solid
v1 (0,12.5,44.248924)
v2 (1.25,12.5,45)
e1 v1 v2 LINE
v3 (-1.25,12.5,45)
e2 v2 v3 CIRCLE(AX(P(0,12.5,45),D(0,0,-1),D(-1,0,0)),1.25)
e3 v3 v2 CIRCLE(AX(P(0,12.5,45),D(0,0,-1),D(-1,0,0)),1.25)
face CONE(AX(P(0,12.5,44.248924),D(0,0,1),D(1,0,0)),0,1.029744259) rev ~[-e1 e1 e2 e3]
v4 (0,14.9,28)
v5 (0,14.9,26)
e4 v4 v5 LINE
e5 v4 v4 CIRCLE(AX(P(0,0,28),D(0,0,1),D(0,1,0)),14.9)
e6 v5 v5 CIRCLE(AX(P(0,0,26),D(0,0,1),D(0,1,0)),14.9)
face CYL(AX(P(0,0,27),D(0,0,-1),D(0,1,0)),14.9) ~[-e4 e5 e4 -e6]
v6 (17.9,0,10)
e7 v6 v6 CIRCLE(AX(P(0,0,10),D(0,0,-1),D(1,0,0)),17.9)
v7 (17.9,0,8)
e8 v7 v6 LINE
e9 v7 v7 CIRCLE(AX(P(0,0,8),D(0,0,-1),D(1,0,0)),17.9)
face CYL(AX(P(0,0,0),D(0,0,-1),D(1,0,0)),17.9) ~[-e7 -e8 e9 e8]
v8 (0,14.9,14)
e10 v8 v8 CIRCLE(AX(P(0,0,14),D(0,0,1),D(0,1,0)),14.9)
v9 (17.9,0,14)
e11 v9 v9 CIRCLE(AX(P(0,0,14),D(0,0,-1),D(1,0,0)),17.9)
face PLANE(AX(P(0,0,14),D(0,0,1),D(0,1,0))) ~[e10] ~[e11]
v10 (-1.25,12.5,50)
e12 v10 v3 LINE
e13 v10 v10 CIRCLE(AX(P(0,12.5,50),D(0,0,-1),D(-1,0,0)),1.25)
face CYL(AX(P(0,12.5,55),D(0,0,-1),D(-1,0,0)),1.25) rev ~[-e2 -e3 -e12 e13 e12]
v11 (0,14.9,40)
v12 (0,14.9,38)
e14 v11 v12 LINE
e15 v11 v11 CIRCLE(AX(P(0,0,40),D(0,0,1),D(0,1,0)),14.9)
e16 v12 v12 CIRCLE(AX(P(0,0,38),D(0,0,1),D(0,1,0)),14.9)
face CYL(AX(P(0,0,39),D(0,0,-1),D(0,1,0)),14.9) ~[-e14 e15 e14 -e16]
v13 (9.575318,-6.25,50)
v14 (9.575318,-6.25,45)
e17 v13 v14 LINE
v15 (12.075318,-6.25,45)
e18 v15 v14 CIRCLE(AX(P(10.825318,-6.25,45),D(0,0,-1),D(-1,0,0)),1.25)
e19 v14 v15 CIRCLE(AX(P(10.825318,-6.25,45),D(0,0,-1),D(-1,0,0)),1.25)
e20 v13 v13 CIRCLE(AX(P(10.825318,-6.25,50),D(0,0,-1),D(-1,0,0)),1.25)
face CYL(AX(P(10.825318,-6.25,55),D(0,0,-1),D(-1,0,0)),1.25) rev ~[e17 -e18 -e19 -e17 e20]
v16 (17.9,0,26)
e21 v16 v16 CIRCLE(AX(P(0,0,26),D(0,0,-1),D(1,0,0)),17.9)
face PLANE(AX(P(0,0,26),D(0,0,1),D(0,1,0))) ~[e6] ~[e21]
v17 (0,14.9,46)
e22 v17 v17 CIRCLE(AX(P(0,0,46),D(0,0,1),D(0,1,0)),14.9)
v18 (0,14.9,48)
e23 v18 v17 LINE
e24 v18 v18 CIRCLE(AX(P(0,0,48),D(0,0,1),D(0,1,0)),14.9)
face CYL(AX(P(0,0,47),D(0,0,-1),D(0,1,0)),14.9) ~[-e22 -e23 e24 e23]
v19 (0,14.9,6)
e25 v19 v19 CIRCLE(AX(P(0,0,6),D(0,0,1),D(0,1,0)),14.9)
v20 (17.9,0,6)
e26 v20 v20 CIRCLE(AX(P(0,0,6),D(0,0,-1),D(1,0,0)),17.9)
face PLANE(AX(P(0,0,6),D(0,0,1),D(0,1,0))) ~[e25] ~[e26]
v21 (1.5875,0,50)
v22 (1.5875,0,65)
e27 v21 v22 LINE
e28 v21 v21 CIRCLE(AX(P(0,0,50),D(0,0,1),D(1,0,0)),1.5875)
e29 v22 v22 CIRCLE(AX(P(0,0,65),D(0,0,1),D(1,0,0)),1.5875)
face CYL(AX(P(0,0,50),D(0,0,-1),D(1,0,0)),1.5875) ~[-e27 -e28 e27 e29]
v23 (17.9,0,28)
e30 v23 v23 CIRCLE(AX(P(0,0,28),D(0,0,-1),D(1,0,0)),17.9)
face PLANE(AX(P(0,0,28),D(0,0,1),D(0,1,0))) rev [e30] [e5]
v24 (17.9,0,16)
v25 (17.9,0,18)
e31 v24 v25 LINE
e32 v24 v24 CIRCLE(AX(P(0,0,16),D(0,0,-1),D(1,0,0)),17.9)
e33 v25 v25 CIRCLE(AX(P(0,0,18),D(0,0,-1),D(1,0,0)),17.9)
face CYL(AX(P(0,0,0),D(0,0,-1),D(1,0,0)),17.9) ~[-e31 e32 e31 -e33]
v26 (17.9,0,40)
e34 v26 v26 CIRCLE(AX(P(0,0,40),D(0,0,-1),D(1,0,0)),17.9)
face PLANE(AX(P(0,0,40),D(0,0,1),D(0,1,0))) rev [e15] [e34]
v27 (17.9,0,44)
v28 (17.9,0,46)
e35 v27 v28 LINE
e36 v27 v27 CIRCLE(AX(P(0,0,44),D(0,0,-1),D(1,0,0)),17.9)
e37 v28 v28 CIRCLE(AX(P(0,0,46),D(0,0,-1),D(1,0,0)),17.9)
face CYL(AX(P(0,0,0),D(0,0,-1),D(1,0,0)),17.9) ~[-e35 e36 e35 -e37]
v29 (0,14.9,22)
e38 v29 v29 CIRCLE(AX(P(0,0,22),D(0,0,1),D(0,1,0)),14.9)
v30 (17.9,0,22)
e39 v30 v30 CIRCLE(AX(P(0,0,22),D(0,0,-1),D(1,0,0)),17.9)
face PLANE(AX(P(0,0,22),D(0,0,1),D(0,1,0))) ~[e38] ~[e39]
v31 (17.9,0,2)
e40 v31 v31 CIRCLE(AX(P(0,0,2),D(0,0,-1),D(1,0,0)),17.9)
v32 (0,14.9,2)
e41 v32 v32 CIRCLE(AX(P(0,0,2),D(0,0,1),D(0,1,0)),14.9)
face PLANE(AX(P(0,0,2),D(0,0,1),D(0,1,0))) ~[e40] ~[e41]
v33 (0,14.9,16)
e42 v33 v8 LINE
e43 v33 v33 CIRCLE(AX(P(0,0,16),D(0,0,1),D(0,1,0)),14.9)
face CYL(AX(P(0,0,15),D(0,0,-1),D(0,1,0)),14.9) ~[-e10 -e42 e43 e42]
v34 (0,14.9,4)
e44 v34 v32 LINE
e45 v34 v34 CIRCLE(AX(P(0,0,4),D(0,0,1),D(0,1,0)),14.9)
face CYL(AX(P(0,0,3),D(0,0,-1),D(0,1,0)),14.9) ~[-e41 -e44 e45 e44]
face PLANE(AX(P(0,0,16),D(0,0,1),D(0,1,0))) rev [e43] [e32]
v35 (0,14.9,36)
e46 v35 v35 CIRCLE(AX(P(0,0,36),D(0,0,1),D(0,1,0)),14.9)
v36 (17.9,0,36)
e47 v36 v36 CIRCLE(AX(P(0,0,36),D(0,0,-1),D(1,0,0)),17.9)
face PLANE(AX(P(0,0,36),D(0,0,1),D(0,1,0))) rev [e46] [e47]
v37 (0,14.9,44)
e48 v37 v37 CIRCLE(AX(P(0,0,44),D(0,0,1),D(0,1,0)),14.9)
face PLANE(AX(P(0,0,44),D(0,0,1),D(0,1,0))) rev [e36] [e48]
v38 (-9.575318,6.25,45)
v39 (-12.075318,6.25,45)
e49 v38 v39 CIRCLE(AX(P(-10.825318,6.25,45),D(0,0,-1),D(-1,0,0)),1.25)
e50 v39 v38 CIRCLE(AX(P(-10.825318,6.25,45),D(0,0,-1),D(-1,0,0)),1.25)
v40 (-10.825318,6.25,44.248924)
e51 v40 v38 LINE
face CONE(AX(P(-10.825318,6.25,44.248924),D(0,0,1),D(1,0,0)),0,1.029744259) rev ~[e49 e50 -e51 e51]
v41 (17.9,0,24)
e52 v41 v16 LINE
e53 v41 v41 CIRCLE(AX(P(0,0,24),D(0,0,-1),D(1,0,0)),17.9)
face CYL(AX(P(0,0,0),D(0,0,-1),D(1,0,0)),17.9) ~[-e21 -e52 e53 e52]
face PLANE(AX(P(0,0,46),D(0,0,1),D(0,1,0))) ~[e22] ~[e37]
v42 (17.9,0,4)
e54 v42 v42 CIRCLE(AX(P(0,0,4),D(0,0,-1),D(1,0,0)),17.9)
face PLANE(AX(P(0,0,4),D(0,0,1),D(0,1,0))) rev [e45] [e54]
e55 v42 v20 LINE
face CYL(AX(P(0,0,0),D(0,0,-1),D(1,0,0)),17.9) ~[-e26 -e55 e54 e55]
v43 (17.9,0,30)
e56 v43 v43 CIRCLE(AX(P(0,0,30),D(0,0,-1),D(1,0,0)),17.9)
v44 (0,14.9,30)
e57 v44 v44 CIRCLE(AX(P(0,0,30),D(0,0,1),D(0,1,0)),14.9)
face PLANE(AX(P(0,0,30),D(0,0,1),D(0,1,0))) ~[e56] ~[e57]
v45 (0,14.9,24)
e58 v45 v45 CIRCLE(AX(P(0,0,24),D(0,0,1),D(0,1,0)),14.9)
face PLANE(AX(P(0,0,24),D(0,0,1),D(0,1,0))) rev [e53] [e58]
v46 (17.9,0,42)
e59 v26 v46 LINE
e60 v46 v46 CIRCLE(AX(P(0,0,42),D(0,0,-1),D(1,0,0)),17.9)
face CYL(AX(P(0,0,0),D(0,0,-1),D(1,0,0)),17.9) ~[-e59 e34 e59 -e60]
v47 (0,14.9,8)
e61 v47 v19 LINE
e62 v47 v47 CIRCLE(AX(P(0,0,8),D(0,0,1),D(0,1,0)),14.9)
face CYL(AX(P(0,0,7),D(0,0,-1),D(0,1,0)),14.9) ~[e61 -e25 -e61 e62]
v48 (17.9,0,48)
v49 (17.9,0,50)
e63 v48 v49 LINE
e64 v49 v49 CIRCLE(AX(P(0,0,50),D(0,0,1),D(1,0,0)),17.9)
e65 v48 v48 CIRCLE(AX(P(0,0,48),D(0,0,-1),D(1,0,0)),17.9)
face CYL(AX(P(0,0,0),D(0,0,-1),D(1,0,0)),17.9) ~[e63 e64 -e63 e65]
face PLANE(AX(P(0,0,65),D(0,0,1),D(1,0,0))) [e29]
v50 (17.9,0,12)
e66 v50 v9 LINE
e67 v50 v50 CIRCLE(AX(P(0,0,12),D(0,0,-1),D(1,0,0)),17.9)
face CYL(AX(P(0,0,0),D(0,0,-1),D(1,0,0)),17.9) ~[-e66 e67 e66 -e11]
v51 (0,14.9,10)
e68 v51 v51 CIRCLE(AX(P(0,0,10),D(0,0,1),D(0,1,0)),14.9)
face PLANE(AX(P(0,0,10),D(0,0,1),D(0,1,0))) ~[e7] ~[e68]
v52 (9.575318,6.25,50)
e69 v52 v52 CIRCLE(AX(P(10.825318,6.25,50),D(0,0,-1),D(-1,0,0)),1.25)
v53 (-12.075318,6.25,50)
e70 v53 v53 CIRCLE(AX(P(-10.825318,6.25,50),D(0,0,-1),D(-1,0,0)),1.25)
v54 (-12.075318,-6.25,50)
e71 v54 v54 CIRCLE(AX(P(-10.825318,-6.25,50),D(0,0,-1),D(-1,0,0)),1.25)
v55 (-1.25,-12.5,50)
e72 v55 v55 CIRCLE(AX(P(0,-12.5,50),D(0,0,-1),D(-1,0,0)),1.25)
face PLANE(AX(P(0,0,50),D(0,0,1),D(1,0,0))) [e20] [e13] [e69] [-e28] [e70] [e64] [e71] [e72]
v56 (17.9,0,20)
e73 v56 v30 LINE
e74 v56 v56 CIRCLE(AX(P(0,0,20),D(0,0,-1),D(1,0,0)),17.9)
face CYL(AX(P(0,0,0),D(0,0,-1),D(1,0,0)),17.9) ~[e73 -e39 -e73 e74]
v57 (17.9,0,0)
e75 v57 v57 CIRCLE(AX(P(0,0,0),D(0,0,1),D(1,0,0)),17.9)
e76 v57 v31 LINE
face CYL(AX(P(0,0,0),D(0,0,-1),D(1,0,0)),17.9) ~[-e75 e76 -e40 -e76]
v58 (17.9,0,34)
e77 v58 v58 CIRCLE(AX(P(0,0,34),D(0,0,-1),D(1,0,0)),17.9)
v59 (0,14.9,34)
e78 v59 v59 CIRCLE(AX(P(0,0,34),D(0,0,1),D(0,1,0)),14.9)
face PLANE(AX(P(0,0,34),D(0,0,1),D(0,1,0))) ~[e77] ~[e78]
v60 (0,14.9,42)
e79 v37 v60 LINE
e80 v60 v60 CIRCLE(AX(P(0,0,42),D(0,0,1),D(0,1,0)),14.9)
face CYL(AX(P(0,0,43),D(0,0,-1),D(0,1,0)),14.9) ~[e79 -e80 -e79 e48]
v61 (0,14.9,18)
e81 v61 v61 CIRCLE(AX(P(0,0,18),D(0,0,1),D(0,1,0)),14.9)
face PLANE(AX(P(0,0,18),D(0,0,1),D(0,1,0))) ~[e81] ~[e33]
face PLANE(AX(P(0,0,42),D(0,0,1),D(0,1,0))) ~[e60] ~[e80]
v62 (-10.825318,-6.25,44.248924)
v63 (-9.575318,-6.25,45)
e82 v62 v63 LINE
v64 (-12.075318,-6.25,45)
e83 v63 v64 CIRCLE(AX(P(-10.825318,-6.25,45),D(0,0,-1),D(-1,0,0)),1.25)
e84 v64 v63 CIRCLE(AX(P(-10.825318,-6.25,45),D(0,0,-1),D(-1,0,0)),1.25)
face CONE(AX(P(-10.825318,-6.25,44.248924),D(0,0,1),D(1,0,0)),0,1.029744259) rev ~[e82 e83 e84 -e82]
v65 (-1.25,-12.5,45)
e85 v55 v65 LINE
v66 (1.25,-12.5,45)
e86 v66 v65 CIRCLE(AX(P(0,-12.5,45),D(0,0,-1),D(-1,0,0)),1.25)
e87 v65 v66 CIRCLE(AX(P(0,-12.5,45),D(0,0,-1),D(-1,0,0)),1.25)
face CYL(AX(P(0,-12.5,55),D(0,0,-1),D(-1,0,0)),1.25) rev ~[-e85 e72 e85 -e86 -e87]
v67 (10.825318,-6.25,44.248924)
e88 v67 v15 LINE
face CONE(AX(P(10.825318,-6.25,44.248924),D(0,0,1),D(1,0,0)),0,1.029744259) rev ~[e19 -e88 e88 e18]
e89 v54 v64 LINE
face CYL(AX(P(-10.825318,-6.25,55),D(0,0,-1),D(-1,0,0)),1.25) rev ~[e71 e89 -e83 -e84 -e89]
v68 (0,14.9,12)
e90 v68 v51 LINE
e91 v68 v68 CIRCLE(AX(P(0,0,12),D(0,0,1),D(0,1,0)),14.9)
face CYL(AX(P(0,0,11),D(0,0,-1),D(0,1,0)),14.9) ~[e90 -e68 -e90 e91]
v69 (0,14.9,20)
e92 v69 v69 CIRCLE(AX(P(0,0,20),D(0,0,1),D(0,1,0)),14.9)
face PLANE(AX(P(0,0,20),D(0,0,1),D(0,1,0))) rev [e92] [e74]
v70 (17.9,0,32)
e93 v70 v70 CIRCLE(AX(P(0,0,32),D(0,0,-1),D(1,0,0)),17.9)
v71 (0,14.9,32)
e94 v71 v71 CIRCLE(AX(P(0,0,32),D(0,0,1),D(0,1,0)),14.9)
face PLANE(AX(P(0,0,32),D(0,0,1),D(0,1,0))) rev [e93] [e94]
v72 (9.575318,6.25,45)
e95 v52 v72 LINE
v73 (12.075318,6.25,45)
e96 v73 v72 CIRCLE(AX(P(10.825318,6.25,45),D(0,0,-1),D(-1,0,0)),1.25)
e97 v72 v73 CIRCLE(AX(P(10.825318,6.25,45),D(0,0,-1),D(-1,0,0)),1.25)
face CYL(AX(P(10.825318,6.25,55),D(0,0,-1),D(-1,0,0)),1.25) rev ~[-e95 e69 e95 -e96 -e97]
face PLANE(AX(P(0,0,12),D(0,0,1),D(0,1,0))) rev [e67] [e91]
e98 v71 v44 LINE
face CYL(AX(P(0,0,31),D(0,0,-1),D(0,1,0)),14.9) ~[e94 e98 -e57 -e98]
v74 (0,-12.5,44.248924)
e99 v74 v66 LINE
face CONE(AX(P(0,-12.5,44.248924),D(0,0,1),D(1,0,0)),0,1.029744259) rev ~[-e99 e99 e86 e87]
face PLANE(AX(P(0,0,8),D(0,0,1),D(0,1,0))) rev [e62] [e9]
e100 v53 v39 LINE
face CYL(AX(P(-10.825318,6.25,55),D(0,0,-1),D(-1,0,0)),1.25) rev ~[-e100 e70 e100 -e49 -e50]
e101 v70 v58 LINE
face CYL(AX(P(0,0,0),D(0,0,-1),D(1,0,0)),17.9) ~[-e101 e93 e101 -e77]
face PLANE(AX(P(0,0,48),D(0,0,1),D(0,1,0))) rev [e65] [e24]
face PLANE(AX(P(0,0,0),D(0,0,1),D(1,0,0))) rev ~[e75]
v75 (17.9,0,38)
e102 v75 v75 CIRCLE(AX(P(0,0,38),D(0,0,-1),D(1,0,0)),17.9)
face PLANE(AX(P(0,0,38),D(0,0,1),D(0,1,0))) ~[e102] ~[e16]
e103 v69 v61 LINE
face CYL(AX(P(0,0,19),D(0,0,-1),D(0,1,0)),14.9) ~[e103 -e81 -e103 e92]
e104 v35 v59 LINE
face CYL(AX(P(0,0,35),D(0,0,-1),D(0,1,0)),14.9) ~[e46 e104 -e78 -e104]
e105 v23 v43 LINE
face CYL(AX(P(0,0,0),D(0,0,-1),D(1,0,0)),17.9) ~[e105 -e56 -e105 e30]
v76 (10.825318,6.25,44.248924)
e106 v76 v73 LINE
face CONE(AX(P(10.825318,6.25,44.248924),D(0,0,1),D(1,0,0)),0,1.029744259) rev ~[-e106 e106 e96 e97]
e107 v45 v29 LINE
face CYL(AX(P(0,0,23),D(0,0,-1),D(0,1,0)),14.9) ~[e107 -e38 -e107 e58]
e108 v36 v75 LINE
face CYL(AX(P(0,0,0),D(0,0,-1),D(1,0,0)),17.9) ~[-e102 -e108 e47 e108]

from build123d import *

# Parameters (mm, degrees)
SKETCH1_R                   = 17.9
BOSS_EXTRUDE1_DEPTH         = 50
BOSS_EXTRUDE2_START         = 50
SKETCH1_3_R                 = 1.5875
BOSS_EXTRUDE2_DEPTH         = 15
TAP_DRILL_FOR_M3_TAP1_D     = 2.5
TAP_DRILL_FOR_M3_TAP1_DEPTH = 5
TAP_DRILL_FOR_M3_TAP1_TIP   = 0.751075774
SKETCH6_W                   = 2
SKETCH6_H                   = 3


with BuildPart() as part:
    # Sketch1 → Boss-Extrude1 (new body)
    with BuildSketch(Plane.XY):
        Circle(SKETCH1_R)
    extrude(amount=BOSS_EXTRUDE1_DEPTH)

    # Sketch1<3> → Boss-Extrude2 (add)
    with BuildSketch(Plane.XY.offset(BOSS_EXTRUDE2_START)):
        Circle(SKETCH1_3_R)
    extrude(amount=BOSS_EXTRUDE2_DEPTH)

    # Tap Drill for M3 Tap1
    with Locations(Plane.XY.offset(50)):
        with Locations((0, 12.5), (10.825317547, 6.25), (10.825317547, -6.25), (0, -12.5), (-10.825317547, -6.25), (-10.825317547, 6.25)):
            Hole(TAP_DRILL_FOR_M3_TAP1_D / 2, depth=TAP_DRILL_FOR_M3_TAP1_DEPTH)
            with Locations((0, 0, -(TAP_DRILL_FOR_M3_TAP1_DEPTH + TAP_DRILL_FOR_M3_TAP1_TIP / 2))):  # 118° drill point
                Cone(0, TAP_DRILL_FOR_M3_TAP1_D / 2, TAP_DRILL_FOR_M3_TAP1_TIP, mode=Mode.SUBTRACT)

    # Sketch6 → Cut-Revolve1 (revolve, cut)
    with BuildSketch(Plane(origin=(0, 0, 0), x_dir=(0, 0, -1), z_dir=(1, 0, 0))):
        with Locations((-47, 16.4)):
            Rectangle(SKETCH6_W, SKETCH6_H)
        with Locations((-43, 16.4)):
            Rectangle(SKETCH6_W, SKETCH6_H)
        with Locations((-39, 16.4)):
            Rectangle(SKETCH6_W, SKETCH6_H)
        with Locations((-35, 16.4)):
            Rectangle(SKETCH6_W, SKETCH6_H)
        with Locations((-31, 16.4)):
            Rectangle(SKETCH6_W, SKETCH6_H)
        with Locations((-27, 16.4)):
            Rectangle(SKETCH6_W, SKETCH6_H)
        with Locations((-23, 16.4)):
            Rectangle(SKETCH6_W, SKETCH6_H)
        with Locations((-19, 16.4)):
            Rectangle(SKETCH6_W, SKETCH6_H)
        with Locations((-15, 16.4)):
            Rectangle(SKETCH6_W, SKETCH6_H)
        with Locations((-11, 16.4)):
            Rectangle(SKETCH6_W, SKETCH6_H)
        with Locations((-7, 16.4)):
            Rectangle(SKETCH6_W, SKETCH6_H)
        with Locations((-3, 16.4)):
            Rectangle(SKETCH6_W, SKETCH6_H)
    revolve(axis=Axis((0, 0, -3.25), (0, 0, 1)), mode=Mode.SUBTRACT)


solid = part.part
